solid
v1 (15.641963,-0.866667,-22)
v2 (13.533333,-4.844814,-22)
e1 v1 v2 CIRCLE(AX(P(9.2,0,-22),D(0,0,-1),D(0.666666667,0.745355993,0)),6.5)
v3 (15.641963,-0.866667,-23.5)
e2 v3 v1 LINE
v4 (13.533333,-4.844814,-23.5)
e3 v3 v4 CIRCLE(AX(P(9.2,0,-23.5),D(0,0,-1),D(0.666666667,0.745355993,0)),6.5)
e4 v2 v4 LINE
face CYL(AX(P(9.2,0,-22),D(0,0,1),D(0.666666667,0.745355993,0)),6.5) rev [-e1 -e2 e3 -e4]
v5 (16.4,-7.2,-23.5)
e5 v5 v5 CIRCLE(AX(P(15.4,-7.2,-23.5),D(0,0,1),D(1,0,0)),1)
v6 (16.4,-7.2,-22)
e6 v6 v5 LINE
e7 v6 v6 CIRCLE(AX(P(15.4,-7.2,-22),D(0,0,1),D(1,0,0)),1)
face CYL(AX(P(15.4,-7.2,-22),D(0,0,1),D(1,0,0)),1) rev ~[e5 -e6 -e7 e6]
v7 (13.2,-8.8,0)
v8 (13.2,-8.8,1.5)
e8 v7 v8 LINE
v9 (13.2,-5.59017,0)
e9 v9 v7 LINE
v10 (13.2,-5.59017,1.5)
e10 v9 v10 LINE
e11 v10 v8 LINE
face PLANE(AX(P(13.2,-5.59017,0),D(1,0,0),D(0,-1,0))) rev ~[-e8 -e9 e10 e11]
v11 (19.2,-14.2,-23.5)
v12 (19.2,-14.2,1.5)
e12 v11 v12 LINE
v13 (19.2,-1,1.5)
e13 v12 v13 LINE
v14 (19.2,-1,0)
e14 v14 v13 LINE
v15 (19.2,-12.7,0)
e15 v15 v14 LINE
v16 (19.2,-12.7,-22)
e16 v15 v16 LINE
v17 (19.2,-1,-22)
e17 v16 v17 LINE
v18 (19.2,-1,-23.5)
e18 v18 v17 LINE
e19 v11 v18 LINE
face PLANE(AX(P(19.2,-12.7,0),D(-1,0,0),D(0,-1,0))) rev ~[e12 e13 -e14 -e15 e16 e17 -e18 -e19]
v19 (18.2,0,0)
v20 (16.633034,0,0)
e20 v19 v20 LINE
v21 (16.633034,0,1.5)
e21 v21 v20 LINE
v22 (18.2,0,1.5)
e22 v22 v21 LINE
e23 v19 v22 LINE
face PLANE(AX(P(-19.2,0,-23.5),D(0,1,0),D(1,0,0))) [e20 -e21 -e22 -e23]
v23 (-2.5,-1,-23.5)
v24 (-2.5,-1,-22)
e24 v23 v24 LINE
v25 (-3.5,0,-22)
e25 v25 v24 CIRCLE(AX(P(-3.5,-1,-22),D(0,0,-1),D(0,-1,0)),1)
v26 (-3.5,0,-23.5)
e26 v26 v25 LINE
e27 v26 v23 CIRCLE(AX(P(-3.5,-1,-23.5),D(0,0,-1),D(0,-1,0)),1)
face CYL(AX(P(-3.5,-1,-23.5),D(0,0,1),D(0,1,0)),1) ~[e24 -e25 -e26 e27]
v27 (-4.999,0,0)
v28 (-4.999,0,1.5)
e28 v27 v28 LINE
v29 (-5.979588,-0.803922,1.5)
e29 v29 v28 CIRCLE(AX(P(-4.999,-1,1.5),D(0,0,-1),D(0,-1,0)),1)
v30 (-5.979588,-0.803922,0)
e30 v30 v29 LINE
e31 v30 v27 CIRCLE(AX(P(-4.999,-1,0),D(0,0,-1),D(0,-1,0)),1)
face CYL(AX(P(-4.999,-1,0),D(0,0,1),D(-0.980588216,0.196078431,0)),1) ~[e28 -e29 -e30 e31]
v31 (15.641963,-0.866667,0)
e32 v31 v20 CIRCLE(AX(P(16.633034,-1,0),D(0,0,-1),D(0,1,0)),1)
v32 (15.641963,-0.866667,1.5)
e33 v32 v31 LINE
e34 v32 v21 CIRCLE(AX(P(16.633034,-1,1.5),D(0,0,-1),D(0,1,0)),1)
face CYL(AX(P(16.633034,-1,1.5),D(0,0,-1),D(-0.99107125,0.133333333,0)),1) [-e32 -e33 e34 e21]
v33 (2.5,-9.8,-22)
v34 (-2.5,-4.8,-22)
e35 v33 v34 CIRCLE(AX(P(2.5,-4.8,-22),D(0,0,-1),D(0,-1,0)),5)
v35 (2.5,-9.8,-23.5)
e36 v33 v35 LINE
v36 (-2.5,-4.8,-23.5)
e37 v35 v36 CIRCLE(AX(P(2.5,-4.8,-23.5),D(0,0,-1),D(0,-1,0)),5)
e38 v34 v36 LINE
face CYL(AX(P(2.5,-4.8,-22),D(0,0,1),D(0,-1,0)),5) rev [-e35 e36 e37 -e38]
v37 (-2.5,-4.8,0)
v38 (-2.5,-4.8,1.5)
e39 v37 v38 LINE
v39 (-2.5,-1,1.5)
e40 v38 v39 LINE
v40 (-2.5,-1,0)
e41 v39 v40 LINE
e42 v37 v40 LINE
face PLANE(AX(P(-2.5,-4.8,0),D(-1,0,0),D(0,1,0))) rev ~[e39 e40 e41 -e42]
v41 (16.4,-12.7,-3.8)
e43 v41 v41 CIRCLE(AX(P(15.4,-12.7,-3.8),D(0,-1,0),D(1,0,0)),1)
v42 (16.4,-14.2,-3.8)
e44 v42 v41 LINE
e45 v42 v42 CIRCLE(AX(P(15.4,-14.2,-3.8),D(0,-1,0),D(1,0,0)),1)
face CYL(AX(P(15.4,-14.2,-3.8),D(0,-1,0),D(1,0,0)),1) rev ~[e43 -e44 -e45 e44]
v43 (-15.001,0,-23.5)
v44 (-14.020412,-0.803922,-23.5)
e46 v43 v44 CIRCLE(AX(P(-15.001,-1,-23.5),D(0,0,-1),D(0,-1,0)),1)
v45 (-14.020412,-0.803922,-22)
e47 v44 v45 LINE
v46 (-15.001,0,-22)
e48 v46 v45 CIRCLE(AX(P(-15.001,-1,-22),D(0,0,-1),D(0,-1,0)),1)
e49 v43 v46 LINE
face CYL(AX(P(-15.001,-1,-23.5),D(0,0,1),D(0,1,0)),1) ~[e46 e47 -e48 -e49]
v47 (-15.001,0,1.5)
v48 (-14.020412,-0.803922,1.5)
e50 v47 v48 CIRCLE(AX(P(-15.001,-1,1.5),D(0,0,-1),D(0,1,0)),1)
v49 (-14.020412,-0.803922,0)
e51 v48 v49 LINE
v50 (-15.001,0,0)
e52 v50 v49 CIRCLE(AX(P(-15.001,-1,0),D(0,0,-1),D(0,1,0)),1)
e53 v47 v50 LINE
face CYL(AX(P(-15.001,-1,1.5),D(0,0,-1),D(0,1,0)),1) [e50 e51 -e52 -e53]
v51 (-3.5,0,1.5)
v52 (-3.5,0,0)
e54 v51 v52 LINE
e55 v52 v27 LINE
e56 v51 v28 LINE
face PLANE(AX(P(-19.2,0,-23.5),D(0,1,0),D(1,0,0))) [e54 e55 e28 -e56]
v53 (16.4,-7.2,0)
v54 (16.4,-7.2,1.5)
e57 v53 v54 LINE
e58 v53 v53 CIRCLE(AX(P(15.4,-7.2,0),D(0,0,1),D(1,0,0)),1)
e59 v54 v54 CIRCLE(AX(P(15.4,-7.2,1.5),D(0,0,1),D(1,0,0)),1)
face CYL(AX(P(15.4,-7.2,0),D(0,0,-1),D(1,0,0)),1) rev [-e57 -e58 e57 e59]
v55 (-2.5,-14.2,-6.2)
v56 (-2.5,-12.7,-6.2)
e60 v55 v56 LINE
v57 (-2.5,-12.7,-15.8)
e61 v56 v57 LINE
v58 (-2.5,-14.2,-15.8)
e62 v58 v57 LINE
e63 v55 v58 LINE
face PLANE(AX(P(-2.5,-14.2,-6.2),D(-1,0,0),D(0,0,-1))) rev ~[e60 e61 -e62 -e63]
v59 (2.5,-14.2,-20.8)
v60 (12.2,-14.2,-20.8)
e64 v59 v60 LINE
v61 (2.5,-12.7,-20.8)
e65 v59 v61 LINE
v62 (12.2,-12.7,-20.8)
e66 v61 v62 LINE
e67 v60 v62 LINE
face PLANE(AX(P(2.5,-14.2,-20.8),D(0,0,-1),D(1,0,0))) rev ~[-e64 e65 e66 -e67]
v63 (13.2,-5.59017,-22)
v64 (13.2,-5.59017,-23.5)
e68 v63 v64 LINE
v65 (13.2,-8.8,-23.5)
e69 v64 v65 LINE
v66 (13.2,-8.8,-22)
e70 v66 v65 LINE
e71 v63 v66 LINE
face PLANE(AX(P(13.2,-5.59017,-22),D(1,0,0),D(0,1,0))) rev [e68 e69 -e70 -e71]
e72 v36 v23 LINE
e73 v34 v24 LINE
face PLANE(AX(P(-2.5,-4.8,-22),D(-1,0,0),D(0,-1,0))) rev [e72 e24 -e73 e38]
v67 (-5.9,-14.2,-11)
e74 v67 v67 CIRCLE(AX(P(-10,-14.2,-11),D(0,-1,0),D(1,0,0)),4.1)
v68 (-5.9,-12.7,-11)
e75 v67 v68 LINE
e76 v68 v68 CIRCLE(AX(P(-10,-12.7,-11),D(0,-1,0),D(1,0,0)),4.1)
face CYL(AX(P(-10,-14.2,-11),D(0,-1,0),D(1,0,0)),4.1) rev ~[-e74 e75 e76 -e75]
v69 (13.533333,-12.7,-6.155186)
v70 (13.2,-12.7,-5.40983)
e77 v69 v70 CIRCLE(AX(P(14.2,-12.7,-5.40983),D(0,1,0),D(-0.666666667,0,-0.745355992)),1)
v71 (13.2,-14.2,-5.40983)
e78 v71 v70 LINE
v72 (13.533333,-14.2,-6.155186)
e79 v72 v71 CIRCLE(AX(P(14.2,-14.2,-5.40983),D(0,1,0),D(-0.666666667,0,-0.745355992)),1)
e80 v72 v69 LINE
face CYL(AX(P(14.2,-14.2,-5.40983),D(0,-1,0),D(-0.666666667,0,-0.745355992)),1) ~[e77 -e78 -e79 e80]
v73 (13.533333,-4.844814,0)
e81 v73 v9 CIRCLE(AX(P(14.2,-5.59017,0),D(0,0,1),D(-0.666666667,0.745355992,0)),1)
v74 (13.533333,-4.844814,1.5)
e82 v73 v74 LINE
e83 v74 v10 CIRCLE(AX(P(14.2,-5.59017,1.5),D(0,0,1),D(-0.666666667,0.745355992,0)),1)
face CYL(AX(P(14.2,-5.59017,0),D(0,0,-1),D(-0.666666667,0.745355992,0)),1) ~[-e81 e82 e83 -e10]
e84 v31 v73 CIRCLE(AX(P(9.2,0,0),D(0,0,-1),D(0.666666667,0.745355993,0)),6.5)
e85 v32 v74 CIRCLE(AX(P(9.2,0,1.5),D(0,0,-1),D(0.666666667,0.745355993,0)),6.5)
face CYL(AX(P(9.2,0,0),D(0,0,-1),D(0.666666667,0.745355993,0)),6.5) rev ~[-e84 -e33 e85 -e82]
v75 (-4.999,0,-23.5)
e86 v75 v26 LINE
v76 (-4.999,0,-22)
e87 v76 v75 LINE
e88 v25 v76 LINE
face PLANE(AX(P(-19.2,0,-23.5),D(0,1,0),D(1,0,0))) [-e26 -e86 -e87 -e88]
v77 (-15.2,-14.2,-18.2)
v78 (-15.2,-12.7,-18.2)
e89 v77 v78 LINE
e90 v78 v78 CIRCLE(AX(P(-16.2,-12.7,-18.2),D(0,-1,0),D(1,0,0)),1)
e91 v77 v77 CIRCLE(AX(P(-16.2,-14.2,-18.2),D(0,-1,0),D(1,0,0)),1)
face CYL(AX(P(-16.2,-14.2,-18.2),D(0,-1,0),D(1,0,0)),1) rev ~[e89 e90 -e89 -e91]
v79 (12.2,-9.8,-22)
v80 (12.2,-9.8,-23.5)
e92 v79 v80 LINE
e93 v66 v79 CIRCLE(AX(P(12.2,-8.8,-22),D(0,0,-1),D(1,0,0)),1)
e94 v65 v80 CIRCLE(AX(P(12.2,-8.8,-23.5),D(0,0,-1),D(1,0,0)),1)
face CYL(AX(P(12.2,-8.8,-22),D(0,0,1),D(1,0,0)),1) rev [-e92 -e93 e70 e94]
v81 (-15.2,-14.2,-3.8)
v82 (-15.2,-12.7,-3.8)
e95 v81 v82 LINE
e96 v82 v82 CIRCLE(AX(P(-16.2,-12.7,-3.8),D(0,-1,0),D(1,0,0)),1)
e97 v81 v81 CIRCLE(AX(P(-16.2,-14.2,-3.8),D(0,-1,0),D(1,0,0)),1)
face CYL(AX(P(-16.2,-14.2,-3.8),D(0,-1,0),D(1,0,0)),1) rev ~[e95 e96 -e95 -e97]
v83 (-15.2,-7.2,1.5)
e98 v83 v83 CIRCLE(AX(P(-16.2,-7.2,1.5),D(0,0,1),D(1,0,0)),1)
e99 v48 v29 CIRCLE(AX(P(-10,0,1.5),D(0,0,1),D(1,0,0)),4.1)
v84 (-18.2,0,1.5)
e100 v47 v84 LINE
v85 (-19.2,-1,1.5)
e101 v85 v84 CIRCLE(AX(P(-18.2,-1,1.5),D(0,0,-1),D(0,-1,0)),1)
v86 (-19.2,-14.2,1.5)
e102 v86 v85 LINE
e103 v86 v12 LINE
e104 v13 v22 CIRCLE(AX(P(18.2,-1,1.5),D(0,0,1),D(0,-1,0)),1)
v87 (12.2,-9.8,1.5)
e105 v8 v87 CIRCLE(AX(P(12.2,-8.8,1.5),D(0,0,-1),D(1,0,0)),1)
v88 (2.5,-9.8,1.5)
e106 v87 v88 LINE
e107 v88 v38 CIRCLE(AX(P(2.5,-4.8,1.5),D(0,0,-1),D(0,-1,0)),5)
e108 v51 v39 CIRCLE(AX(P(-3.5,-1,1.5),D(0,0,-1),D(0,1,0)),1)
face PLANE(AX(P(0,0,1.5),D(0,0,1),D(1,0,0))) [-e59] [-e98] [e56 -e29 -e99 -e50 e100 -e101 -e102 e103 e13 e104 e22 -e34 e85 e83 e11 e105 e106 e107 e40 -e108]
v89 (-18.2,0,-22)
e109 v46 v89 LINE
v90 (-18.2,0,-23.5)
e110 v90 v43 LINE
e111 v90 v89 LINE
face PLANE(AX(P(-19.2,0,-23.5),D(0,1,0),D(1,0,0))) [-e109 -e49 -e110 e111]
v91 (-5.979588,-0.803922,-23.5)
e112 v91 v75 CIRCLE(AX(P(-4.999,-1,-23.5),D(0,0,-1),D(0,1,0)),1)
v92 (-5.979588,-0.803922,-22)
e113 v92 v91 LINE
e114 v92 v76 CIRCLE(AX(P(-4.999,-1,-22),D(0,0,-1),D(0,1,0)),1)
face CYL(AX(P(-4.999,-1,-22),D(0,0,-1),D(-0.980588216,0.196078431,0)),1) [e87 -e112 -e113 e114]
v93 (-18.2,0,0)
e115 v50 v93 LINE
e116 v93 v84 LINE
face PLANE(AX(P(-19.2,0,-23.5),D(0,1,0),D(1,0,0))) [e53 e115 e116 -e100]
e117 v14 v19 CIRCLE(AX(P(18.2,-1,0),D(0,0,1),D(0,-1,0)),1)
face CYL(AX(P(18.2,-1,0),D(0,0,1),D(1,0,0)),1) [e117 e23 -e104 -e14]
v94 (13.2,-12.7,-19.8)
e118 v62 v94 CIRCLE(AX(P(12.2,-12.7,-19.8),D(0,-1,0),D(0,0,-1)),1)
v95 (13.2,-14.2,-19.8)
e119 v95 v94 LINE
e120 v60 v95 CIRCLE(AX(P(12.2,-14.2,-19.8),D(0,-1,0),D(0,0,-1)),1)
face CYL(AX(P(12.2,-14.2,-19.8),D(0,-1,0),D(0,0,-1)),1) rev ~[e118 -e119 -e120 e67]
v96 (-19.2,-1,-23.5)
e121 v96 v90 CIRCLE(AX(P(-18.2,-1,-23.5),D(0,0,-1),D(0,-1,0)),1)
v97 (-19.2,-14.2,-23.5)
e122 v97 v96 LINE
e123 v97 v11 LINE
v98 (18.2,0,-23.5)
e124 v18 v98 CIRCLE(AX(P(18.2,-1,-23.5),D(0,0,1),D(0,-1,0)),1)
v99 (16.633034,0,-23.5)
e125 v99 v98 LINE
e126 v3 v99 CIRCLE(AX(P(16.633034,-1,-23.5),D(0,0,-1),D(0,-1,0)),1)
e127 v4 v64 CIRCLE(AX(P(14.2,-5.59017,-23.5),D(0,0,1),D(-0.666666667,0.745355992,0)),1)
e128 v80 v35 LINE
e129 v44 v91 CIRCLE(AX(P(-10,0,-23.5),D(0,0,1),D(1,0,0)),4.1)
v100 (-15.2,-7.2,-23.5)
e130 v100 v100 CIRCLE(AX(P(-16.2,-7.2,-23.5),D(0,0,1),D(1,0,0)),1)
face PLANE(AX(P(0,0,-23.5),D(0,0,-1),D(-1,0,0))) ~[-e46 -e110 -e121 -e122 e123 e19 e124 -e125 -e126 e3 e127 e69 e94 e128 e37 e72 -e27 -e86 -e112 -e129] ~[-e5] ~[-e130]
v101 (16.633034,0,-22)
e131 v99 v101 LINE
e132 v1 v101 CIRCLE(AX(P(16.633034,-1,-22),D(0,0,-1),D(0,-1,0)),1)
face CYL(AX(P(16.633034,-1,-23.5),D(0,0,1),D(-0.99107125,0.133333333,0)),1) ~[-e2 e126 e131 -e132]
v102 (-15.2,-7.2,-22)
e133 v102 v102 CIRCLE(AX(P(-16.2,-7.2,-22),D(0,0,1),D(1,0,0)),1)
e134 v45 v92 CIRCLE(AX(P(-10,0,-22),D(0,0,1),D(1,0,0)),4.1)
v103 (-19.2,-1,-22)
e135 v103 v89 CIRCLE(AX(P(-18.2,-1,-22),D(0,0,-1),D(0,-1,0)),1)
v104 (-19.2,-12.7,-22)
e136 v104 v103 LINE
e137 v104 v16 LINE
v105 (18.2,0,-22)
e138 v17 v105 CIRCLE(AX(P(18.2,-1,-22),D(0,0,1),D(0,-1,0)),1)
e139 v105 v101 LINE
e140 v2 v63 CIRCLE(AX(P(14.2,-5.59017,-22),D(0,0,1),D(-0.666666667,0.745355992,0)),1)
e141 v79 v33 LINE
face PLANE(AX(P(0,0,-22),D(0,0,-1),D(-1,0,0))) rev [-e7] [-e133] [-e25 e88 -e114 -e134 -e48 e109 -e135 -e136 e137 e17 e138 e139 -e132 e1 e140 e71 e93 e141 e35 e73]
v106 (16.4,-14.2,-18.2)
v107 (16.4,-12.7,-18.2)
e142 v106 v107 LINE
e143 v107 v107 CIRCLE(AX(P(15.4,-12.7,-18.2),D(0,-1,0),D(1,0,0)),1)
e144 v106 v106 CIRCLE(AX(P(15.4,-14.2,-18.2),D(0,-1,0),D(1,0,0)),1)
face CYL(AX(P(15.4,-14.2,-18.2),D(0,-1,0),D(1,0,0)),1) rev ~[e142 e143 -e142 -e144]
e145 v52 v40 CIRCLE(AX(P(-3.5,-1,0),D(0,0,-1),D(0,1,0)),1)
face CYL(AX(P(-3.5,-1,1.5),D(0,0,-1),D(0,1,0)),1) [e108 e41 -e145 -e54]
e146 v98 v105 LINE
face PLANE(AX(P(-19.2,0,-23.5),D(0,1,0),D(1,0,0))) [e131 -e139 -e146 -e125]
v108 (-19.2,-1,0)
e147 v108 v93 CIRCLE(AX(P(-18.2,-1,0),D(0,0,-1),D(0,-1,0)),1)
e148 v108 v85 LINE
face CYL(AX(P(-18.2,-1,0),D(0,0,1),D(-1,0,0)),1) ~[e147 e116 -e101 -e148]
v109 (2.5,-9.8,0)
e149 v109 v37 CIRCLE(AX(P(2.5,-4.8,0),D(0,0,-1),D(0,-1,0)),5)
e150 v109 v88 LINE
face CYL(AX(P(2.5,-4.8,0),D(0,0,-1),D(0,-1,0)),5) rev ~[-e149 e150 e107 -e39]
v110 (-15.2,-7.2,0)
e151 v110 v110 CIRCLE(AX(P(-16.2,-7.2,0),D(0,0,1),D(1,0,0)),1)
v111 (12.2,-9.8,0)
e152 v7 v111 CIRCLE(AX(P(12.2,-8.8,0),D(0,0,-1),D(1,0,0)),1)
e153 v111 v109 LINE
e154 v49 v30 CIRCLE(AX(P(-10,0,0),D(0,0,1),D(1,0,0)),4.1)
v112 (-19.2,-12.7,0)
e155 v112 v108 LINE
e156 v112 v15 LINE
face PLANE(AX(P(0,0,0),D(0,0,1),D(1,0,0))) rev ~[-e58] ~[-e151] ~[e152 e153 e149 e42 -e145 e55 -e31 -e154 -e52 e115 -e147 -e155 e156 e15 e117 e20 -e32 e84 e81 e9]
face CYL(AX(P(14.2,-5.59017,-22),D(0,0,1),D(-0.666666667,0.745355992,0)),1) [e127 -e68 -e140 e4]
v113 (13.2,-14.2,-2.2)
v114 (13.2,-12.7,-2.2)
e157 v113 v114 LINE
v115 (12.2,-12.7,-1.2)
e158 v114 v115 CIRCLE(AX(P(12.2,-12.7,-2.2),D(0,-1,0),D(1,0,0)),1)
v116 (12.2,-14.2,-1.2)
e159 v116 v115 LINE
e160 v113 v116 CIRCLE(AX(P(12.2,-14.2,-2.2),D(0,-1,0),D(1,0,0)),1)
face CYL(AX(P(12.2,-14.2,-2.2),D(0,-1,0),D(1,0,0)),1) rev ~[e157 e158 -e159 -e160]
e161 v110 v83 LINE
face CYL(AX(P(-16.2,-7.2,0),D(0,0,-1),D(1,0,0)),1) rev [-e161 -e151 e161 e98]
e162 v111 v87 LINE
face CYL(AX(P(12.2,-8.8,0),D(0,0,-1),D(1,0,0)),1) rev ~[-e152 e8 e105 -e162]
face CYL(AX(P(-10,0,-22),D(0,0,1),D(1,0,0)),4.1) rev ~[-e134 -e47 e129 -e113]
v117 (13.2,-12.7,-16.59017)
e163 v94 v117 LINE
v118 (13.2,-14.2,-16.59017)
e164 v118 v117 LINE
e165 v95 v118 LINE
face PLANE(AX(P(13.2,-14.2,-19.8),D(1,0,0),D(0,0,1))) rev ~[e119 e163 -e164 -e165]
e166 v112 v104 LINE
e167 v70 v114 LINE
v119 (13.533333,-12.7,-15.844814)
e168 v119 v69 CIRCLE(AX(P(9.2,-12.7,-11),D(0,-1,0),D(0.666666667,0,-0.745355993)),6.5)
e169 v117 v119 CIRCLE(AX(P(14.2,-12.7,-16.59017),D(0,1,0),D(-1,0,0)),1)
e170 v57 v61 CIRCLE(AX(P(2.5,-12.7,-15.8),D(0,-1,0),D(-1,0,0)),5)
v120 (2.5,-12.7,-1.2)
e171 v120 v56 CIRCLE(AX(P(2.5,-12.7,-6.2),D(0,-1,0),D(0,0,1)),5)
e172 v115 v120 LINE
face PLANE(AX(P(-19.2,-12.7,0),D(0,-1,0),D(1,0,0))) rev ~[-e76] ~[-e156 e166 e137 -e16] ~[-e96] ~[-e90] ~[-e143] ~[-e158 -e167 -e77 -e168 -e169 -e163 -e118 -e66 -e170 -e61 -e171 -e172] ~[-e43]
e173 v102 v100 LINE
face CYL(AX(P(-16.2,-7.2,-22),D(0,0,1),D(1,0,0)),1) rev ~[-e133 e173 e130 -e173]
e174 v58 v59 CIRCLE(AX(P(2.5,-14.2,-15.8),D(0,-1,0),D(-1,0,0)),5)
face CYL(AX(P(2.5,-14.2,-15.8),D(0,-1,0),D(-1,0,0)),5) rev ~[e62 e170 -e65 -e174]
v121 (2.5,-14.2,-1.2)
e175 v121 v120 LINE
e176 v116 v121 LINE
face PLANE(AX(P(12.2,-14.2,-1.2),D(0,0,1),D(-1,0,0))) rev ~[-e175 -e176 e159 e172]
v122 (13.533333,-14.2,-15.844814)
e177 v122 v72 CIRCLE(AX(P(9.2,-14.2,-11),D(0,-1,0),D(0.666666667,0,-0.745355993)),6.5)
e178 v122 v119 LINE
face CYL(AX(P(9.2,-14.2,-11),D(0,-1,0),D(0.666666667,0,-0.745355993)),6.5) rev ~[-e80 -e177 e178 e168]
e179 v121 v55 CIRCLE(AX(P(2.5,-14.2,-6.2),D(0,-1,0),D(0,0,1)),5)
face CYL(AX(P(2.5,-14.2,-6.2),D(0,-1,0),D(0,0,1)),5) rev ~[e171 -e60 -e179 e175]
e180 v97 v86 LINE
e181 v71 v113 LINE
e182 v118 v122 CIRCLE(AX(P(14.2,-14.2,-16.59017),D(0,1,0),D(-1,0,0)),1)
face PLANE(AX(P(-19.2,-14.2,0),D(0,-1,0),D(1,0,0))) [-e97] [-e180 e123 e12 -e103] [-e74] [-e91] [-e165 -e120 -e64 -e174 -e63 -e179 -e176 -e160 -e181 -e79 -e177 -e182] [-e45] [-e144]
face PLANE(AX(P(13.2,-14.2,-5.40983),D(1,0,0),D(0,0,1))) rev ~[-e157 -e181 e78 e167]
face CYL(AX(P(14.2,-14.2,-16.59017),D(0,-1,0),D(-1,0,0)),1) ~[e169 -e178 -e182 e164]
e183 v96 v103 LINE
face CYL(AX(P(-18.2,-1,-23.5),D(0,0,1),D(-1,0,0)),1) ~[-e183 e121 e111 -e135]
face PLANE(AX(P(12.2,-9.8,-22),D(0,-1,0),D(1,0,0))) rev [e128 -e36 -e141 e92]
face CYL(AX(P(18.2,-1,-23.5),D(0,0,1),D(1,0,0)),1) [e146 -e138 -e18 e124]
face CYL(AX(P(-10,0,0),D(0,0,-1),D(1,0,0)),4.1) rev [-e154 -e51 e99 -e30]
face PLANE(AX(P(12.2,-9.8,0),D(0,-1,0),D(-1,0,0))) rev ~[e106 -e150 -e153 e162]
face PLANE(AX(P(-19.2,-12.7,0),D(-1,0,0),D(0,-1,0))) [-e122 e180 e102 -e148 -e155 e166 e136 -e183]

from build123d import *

# Parameters (mm, degrees)
F0_W     = 38.4
F0_H     = 28.4
F0_R     = 1
F0_R_2   = 4.1
F1_DEPTH = 1.5
F2_W     = 38.4
F2_H     = 1.5
F3_DEPTH = 22
F6_W     = 38.4
F6_H     = 14.2
F7_DEPTH = 25.001
F8_R     = 4.1
F8_R_2   = 1
F9_DEPTH = 1.5
F10_R    = 1


with BuildPart() as f1:
    # F0 (on Top) → F1 (new body)
    with BuildSketch(Plane.XY):
        Rectangle(F0_W, F0_H)
        with Locations((-16.2, -7.2)):
            Circle(F0_R, mode=Mode.SUBTRACT)
        with Locations((15.4, -7.2)):
            Circle(F0_R, mode=Mode.SUBTRACT)
        with Locations((-10, 0)):
            Circle(F0_R_2, mode=Mode.SUBTRACT)
        with Locations((-16.2, 7.2)):
            Circle(F0_R, mode=Mode.SUBTRACT)
        with BuildLine():
            ThreePointArc((-2.5, 4.8), (-1.0355339059, 8.3355339059), (2.5, 9.8))
            Line((2.5, 9.8), (12.2, 9.8))
            ThreePointArc((12.2, 9.8), (12.9071067812, 9.5071067812), (13.2, 8.8))
            Line((13.2, 8.8), (13.2, 5.5901699437))
            ThreePointArc((13.2, 5.5901699437), (13.2871290708, 5.1819216533), (13.5333333333, 4.8448139512))
            ThreePointArc((13.5333333333, 4.8448139512), (15.7, 0), (13.5333333333, -4.8448139512))
            ThreePointArc((13.5333333333, -4.8448139512), (13.2871290708, -5.1819216533), (13.2, -5.5901699437))
            Line((13.2, -5.5901699437), (13.2, -8.8))
            ThreePointArc((13.2, -8.8), (12.9071067812, -9.5071067812), (12.2, -9.8))
            Line((12.2, -9.8), (2.5, -9.8))
            ThreePointArc((2.5, -9.8), (-1.0355339059, -8.3355339059), (-2.5, -4.8))
            Line((-2.5, -4.8), (-2.5, 4.8))
        make_face(mode=Mode.SUBTRACT)
        with Locations((15.4, 7.2)):
            Circle(F0_R, mode=Mode.SUBTRACT)
    extrude(amount=F1_DEPTH)

    # F2 (on face) → F3 (join)
    with BuildSketch(Plane(origin=(0, 0, 0), x_dir=(1, 0, 0), z_dir=(0, 0, -1))):
        with Locations((0, 13.45)):
            Rectangle(F2_W, F2_H)
    extrude(amount=F3_DEPTH)

    # F5: F1 across plane


with BuildPart() as f1_1:
    add(f1.part)
    add(f1.part.mirror(Plane.XY.offset(-11)))

    # F6 (on face) → F7 (cut, through all)
    with BuildSketch(Plane(origin=(0, 0, -23.5), x_dir=(1, 0, 0), z_dir=(0, 0, -1))):
        with Locations((0, -7.1)):
            Rectangle(F6_W, F6_H)
    extrude(amount=-F7_DEPTH, mode=Mode.SUBTRACT)

    # F8 (on face) → F9 (cut, through all)
    with BuildSketch(Plane.XZ.offset(14.2)):
        with Locations((-10, -11)):
            Circle(F8_R)
        with Locations((-16.2, -3.8)):
            Circle(F8_R_2)
        with Locations((15.4, -3.8)):
            Circle(F8_R_2)
        with BuildLine():
            Line((12.2, -1.2), (2.5, -1.2))
            ThreePointArc((2.5, -1.2), (-1.0355339059, -2.6644660941), (-2.5, -6.2))
            Line((-2.5, -6.2), (-2.5, -15.8))
            ThreePointArc((-2.5, -15.8), (-1.0355339059, -19.3355339059), (2.5, -20.8))
            Line((2.5, -20.8), (12.2, -20.8))
            ThreePointArc((12.2, -20.8), (12.9071067812, -20.5071067812), (13.2, -19.8))
            Line((13.2, -19.8), (13.2, -16.5901699437))
            ThreePointArc((13.2, -16.5901699437), (13.2871290708, -16.1819216533), (13.5333333333, -15.8448139512))
            ThreePointArc((13.5333333333, -15.8448139512), (15.7, -11), (13.5333333333, -6.1551860488))
            ThreePointArc((13.5333333333, -6.1551860488), (13.2871290708, -5.8180783467), (13.2, -5.4098300563))
            Line((13.2, -5.4098300563), (13.2, -2.2))
            ThreePointArc((13.2, -2.2), (12.9071067812, -1.4928932188), (12.2, -1.2))
        make_face()
        with Locations((-16.2, -18.2)):
            Circle(F8_R_2)
        with Locations((15.4, -18.2)):
            Circle(F8_R_2)
    extrude(amount=-F9_DEPTH, mode=Mode.SUBTRACT)

    # F10
    f10_edges = [f1_1.edges().sort_by_distance(p)[0] for p in [
        (-19.2, 0, -22.75),
        (-19.2, 0, 0.75),
        (-5.9, 0, 0.75),
        (-14.1, 0, 0.75),
        (-5.9, 0, -22.75),
        (-14.1, 0, -22.75),
        (-2.5, 0, -22.75),
        (15.7, 0, -22.75),
        (15.7, 0, 0.75),
        (19.2, 0, -22.75),
        (19.2, 0, 0.75),
        (-2.5, 0, 0.75),
    ]]
    fillet(f10_edges, radius=F10_R)


solid = f1_1.part
